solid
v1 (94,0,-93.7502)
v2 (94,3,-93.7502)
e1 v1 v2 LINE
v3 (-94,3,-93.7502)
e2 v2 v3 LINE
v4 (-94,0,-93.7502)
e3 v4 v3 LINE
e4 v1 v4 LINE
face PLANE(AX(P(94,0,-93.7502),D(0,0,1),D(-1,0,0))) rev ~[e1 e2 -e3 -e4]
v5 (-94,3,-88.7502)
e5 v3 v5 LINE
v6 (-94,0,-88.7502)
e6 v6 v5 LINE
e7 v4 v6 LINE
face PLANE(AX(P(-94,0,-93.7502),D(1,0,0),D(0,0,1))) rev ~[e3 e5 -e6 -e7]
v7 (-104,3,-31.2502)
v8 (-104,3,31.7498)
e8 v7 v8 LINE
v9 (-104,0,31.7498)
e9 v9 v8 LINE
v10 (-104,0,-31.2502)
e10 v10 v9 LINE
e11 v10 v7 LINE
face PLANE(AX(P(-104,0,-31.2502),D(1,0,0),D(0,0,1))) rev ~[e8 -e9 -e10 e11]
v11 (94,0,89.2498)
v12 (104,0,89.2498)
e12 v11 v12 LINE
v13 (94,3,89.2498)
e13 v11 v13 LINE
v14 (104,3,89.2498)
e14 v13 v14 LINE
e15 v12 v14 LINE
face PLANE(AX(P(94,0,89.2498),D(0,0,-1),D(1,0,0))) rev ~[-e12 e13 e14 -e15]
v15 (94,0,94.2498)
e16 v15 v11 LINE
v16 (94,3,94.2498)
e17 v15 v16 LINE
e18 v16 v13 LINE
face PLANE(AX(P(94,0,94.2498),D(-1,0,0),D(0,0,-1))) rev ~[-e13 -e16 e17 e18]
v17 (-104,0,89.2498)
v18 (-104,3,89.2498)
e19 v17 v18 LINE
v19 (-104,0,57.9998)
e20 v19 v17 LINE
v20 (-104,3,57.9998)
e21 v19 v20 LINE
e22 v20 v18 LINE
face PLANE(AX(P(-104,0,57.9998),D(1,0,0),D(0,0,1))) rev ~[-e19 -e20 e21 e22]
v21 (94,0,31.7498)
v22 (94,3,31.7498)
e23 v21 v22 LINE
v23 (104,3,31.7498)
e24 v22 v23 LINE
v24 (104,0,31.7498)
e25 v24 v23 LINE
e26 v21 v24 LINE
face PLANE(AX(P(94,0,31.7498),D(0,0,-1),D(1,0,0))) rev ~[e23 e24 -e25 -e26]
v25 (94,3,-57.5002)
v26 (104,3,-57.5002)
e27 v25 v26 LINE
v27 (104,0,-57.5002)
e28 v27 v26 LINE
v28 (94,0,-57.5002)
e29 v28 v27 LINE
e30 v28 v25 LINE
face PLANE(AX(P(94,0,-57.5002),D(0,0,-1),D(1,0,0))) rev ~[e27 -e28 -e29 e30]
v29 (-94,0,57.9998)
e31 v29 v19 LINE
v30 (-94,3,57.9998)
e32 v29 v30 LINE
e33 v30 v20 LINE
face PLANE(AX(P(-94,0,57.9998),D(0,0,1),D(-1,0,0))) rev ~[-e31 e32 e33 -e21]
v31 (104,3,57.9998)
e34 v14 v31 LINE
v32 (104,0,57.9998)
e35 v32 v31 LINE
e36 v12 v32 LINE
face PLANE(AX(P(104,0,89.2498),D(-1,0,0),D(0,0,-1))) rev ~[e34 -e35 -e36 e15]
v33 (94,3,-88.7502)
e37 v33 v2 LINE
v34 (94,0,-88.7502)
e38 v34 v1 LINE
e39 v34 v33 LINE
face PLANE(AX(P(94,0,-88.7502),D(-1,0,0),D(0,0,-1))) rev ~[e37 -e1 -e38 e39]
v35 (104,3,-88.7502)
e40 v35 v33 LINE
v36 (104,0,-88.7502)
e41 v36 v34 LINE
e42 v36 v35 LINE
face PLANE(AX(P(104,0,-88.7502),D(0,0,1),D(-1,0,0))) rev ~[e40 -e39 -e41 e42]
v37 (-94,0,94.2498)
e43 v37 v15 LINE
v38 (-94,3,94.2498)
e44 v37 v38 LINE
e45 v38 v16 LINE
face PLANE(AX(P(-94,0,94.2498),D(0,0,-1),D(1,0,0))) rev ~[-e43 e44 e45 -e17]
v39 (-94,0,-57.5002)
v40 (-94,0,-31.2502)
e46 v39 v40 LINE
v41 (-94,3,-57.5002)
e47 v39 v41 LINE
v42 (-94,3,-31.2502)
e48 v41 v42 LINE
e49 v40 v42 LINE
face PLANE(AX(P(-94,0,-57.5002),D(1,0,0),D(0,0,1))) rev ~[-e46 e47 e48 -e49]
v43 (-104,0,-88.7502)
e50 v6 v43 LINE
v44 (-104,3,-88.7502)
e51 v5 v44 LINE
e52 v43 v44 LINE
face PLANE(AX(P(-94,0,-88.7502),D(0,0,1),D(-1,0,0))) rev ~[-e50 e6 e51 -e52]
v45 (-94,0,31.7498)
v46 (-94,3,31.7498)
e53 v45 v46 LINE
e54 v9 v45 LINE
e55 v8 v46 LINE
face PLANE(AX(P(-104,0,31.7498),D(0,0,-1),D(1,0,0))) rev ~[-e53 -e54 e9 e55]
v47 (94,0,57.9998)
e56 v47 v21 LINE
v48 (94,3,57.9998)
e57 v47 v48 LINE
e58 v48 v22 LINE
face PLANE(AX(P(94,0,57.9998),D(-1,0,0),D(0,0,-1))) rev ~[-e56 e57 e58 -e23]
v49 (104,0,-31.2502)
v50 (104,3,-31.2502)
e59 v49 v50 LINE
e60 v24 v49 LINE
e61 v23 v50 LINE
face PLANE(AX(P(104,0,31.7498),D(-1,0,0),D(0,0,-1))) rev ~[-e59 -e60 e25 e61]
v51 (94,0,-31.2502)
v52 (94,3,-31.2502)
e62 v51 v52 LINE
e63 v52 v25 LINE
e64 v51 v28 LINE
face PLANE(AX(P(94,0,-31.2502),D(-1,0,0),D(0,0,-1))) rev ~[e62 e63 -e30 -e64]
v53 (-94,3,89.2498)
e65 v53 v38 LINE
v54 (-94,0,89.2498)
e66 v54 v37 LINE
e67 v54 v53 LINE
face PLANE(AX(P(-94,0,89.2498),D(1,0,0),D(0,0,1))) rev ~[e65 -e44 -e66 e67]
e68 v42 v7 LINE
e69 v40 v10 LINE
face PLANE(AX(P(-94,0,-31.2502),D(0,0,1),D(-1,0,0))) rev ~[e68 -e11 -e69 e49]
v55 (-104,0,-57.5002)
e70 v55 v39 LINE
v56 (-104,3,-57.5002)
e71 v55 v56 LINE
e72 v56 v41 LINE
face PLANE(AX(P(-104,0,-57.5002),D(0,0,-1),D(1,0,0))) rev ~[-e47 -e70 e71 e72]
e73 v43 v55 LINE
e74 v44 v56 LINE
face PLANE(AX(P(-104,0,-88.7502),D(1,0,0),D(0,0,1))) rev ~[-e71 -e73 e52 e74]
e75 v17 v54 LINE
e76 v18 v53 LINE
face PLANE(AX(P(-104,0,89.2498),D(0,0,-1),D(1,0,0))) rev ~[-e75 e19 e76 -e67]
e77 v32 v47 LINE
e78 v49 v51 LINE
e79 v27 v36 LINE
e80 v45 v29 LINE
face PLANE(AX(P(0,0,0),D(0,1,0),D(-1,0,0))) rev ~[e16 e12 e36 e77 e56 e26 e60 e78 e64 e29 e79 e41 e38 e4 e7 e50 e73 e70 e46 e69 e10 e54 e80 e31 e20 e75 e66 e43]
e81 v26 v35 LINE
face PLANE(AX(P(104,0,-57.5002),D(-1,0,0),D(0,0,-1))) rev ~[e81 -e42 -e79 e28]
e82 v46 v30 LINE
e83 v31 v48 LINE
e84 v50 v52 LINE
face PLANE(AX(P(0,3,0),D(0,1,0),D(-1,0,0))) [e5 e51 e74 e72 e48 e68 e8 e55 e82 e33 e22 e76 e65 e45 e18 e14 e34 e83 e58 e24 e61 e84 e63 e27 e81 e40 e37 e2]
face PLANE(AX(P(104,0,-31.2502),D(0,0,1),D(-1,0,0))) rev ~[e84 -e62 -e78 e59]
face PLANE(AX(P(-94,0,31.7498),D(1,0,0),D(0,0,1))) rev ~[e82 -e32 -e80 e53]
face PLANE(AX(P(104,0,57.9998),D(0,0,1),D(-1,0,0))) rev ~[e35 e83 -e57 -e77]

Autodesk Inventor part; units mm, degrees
ref_plane "YZ Plane" through (0, 0, 0) normal (1, 0, 0) x (0, 1, 0)
ref_plane "XZ Plane" through (0, 0, 0) normal (0, 1, 0) x (-1, 0, 0)
ref_plane "XY Plane" through (0, 0, 0) normal (0, 0, 1) x (1, 0, 0)
sketch "Sketch1" plane through (0, 0, 0) normal (0, 1, 0) x (-1, 0, 0)
  line L0 (-94, -88.7502) -> (-94, -93.7502) projected
  line L1 (-104, -88.7502) -> (-94, -88.7502) projected
  line L2 (-104, -57.5002) -> (-104, -88.7502) projected
  line L3 (-94, -57.5002) -> (-104, -57.5002) projected
  line L4 (-94, -31.2502) -> (-94, -57.5002) projected
  line L5 (-104, -31.2502) -> (-94, -31.2502) projected
  line L6 (-104, 31.7498) -> (-104, -31.2502) projected
  line L7 (-94, 31.7498) -> (-104, 31.7498) projected
  line L8 (-94, 57.9998) -> (-94, 31.7498) projected
  line L9 (-104, 57.9998) -> (-94, 57.9998) projected
  line L10 (-104, 89.2498) -> (-104, 57.9998) projected
  line L11 (-94, 89.2498) -> (-104, 89.2498) projected
  line L12 (-94, 94.2498) -> (-94, 89.2498) projected
  line L13 (94, 89.2498) -> (94, 94.2498) projected
  line L14 (104, 89.2498) -> (94, 89.2498) projected
  line L15 (104, 57.9998) -> (104, 89.2498) projected
  line L16 (94, 57.9998) -> (104, 57.9998) projected
  line L17 (94, 31.7498) -> (94, 57.9998) projected
  line L18 (104, 31.7498) -> (94, 31.7498) projected
  line L19 (104, -31.2502) -> (104, 31.7498) projected
  line L20 (94, -31.2502) -> (104, -31.2502) projected
  line L21 (94, -57.5002) -> (94, -31.2502) projected
  line L22 (104, -57.5002) -> (94, -57.5002) projected
  line L23 (104, -88.7502) -> (104, -57.5002) projected
  line L24 (94, -88.7502) -> (104, -88.7502) projected
  line L25 (94, -93.7502) -> (94, -88.7502) projected
  line L26 (-94, -93.7502) -> (94, -93.7502)
  line L27 (94, 94.2498) -> (-94, 94.2498)
  dimension "d2" = 188
  dimension "d3" = 188
  dimension "d4" = 208
extrude "Extrusion1" add sketch "Sketch1" along normal blind 3
properties part number "board cover" material "Glass"
